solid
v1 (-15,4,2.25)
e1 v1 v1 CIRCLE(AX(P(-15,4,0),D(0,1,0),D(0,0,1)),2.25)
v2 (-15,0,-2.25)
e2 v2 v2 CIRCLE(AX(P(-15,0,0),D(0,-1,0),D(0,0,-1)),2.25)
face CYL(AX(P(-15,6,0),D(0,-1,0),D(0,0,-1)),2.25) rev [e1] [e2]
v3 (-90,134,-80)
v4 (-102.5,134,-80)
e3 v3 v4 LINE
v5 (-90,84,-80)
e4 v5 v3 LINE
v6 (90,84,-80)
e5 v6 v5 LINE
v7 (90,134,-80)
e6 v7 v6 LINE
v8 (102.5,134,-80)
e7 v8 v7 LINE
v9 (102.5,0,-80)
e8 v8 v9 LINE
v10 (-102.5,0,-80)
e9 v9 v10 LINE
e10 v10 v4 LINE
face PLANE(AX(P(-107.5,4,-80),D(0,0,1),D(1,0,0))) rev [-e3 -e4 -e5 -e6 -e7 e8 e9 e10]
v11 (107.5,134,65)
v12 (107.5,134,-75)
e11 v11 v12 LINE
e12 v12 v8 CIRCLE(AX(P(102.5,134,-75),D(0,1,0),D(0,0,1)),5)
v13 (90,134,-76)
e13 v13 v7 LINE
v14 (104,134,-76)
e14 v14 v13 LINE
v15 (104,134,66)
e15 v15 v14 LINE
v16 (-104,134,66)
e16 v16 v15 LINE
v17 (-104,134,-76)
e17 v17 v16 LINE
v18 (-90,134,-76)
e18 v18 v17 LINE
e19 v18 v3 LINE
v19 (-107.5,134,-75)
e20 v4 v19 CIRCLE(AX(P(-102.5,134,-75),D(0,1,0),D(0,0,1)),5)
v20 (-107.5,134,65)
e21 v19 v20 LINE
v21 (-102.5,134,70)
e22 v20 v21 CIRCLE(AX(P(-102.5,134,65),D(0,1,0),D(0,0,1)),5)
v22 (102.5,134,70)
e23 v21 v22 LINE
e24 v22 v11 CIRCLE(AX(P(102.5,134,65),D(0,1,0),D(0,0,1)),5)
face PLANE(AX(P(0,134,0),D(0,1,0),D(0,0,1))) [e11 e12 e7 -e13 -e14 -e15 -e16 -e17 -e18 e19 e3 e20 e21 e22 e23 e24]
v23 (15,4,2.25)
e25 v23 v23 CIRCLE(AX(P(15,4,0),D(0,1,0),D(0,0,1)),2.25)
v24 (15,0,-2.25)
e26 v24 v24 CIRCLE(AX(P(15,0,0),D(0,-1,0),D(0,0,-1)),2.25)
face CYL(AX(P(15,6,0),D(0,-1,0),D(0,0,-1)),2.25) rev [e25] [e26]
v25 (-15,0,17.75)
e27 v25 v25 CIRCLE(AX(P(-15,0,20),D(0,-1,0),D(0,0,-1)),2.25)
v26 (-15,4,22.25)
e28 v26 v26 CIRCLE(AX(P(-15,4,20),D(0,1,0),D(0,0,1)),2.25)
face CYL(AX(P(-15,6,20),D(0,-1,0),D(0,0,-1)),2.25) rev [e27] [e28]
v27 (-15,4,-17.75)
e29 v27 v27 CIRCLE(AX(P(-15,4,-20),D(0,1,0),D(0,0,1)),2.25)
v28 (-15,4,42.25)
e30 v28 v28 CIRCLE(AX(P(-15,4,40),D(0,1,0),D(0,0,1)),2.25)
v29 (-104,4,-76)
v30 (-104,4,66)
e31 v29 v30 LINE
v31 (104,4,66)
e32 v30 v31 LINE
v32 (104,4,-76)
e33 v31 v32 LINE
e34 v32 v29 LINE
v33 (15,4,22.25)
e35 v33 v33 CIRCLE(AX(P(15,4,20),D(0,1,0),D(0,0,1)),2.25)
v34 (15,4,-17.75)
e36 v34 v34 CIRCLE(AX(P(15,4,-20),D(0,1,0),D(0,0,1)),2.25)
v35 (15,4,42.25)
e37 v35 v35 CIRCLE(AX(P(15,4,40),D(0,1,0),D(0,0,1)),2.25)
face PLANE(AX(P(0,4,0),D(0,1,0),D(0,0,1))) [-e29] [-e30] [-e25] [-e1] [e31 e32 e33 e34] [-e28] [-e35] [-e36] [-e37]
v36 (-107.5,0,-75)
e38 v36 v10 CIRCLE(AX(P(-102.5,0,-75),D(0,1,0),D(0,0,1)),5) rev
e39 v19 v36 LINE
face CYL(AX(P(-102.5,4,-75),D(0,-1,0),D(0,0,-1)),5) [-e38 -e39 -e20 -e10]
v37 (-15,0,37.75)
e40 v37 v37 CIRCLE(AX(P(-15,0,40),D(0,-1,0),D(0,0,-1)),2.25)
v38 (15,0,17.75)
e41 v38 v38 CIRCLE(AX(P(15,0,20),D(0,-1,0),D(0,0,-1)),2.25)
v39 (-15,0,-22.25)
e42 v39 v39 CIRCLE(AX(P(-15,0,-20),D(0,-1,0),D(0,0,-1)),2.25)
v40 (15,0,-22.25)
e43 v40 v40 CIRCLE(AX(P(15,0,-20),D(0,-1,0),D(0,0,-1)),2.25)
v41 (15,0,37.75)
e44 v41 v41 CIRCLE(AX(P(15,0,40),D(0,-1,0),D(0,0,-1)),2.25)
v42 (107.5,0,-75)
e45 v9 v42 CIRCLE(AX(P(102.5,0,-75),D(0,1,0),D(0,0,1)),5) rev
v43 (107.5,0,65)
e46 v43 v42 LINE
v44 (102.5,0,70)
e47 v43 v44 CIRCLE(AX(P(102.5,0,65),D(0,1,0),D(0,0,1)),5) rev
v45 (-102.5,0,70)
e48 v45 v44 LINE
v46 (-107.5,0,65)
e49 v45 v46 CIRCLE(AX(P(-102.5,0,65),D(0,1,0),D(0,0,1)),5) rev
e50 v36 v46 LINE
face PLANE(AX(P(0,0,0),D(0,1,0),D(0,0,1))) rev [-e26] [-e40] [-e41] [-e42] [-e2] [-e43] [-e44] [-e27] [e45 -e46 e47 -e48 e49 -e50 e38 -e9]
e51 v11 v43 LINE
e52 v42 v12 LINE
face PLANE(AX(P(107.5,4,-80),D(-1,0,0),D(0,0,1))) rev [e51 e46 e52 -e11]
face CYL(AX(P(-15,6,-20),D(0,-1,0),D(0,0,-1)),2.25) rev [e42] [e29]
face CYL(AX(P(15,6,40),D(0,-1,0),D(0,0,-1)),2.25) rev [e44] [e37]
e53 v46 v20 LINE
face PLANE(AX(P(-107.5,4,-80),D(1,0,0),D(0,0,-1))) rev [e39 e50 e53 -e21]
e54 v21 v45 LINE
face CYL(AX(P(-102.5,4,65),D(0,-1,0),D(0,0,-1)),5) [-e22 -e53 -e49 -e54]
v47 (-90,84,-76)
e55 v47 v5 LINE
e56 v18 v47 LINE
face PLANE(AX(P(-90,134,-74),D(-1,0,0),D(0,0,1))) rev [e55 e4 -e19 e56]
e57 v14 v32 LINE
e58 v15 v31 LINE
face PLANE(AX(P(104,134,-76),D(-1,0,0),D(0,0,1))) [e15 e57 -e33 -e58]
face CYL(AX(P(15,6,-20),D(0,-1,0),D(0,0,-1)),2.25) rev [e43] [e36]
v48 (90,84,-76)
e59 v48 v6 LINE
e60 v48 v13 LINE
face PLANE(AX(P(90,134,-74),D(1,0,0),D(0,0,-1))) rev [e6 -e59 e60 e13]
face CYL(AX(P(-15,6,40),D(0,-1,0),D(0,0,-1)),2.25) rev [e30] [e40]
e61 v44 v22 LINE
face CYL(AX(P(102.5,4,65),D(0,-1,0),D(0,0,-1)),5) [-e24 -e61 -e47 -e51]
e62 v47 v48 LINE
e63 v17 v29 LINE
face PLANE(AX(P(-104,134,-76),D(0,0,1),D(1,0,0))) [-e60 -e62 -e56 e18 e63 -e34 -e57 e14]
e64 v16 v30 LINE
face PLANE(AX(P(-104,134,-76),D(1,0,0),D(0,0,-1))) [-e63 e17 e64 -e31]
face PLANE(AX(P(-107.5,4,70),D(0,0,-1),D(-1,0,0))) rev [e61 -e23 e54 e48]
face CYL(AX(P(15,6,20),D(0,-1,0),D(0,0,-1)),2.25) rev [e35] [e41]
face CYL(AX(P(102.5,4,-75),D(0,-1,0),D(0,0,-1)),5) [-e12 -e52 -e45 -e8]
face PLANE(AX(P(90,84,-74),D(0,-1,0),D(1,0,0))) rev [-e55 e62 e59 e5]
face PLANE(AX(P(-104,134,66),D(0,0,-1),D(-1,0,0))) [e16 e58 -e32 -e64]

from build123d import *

# Parameters (mm, degrees)
SKETCH1_W           = 215
SKETCH1_H           = 150
BOSS_EXTRUDE1_DEPTH = 4
SKETCH2_W           = 215
SKETCH2_H           = 150
SKETCH2_W_2         = 208
SKETCH2_H_2         = 142
BOSS_EXTRUDE2_DEPTH = 130
SKETCH4_W           = 180
SKETCH4_H           = 50
CUT_EXTRUDE1_DEPTH  = 6
FILLET1_R           = 5
FILLET2_R           = 5
FILLET3_R           = 5
FILLET4_R           = 5
SKETCH6_R           = 2.25
CUT_EXTRUDE2_DEPTH  = 6


with BuildPart() as part:
    # Sketch1 → Boss-Extrude1 (new body)
    with BuildSketch(Plane(origin=(0, 0, 0), x_dir=(1, 0, 0), z_dir=(0, 1, 0))):
        with Locations((0, 5)):
            Rectangle(SKETCH1_W, SKETCH1_H)
    extrude(amount=BOSS_EXTRUDE1_DEPTH)

    # Sketch2 → Boss-Extrude2 (add)
    with BuildSketch(Plane(origin=(0, 4, 0), x_dir=(1, 0, 0), z_dir=(0, 1, 0))):
        with Locations((0, 5)):
            Rectangle(SKETCH2_W, SKETCH2_H)
        with Locations((0, 5)):
            Rectangle(SKETCH2_W_2, SKETCH2_H_2, mode=Mode.SUBTRACT)
    extrude(amount=BOSS_EXTRUDE2_DEPTH)

    # Sketch4 → Cut-Extrude1 (cut)
    with BuildSketch(Plane(origin=(0, 0, -80), x_dir=(-1, 0, 0), z_dir=(0, 0, -1))):
        with Locations((0, 109)):
            Rectangle(SKETCH4_W, SKETCH4_H)
    extrude(amount=-CUT_EXTRUDE1_DEPTH, mode=Mode.SUBTRACT)

    # Fillet1
    fillet1_edges = [part.edges().sort_by_distance(p)[0] for p in [
        (-107.5, 67, -80),
    ]]
    fillet(fillet1_edges, radius=FILLET1_R)

    # Fillet2
    fillet2_edges = [part.edges().sort_by_distance(p)[0] for p in [
        (107.5, 67, -80),
    ]]
    fillet(fillet2_edges, radius=FILLET2_R)

    # Fillet3
    fillet3_edges = [part.edges().sort_by_distance(p)[0] for p in [
        (-107.5, 67, 70),
    ]]
    fillet(fillet3_edges, radius=FILLET3_R)

    # Fillet4
    fillet4_edges = [part.edges().sort_by_distance(p)[0] for p in [
        (107.5, 67, 70),
    ]]
    fillet(fillet4_edges, radius=FILLET4_R)

    # Sketch6 → Cut-Extrude2 (cut)
    with BuildSketch(Plane(origin=(0, 0, 0), x_dir=(-1, 0, 0), z_dir=(0, -1, 0))):
        with Locations(Location((15, -20, 0), (0, 0, 90))):
            Circle(SKETCH6_R)
        with Locations(Location((-15, -40, 0), (0, 0, 90))):
            Circle(SKETCH6_R)
        with Locations(Location((15, 0, 0), (0, 0, 90))):
            Circle(SKETCH6_R)
        with Locations(Location((-15, -20, 0), (0, 0, 90))):
            Circle(SKETCH6_R)
        with Locations(Location((15, 20, 0), (0, 0, 90))):
            Circle(SKETCH6_R)
        with Locations(Location((-15, 20, 0), (0, 0, 90))):
            Circle(SKETCH6_R)
        with Locations(Location((15, -40, 0), (0, 0, 90))):
            Circle(SKETCH6_R)
        with Locations(Location((-15, 0, 0), (0, 0, 90))):
            Circle(SKETCH6_R)
    extrude(amount=-CUT_EXTRUDE2_DEPTH, mode=Mode.SUBTRACT)


solid = part.part
